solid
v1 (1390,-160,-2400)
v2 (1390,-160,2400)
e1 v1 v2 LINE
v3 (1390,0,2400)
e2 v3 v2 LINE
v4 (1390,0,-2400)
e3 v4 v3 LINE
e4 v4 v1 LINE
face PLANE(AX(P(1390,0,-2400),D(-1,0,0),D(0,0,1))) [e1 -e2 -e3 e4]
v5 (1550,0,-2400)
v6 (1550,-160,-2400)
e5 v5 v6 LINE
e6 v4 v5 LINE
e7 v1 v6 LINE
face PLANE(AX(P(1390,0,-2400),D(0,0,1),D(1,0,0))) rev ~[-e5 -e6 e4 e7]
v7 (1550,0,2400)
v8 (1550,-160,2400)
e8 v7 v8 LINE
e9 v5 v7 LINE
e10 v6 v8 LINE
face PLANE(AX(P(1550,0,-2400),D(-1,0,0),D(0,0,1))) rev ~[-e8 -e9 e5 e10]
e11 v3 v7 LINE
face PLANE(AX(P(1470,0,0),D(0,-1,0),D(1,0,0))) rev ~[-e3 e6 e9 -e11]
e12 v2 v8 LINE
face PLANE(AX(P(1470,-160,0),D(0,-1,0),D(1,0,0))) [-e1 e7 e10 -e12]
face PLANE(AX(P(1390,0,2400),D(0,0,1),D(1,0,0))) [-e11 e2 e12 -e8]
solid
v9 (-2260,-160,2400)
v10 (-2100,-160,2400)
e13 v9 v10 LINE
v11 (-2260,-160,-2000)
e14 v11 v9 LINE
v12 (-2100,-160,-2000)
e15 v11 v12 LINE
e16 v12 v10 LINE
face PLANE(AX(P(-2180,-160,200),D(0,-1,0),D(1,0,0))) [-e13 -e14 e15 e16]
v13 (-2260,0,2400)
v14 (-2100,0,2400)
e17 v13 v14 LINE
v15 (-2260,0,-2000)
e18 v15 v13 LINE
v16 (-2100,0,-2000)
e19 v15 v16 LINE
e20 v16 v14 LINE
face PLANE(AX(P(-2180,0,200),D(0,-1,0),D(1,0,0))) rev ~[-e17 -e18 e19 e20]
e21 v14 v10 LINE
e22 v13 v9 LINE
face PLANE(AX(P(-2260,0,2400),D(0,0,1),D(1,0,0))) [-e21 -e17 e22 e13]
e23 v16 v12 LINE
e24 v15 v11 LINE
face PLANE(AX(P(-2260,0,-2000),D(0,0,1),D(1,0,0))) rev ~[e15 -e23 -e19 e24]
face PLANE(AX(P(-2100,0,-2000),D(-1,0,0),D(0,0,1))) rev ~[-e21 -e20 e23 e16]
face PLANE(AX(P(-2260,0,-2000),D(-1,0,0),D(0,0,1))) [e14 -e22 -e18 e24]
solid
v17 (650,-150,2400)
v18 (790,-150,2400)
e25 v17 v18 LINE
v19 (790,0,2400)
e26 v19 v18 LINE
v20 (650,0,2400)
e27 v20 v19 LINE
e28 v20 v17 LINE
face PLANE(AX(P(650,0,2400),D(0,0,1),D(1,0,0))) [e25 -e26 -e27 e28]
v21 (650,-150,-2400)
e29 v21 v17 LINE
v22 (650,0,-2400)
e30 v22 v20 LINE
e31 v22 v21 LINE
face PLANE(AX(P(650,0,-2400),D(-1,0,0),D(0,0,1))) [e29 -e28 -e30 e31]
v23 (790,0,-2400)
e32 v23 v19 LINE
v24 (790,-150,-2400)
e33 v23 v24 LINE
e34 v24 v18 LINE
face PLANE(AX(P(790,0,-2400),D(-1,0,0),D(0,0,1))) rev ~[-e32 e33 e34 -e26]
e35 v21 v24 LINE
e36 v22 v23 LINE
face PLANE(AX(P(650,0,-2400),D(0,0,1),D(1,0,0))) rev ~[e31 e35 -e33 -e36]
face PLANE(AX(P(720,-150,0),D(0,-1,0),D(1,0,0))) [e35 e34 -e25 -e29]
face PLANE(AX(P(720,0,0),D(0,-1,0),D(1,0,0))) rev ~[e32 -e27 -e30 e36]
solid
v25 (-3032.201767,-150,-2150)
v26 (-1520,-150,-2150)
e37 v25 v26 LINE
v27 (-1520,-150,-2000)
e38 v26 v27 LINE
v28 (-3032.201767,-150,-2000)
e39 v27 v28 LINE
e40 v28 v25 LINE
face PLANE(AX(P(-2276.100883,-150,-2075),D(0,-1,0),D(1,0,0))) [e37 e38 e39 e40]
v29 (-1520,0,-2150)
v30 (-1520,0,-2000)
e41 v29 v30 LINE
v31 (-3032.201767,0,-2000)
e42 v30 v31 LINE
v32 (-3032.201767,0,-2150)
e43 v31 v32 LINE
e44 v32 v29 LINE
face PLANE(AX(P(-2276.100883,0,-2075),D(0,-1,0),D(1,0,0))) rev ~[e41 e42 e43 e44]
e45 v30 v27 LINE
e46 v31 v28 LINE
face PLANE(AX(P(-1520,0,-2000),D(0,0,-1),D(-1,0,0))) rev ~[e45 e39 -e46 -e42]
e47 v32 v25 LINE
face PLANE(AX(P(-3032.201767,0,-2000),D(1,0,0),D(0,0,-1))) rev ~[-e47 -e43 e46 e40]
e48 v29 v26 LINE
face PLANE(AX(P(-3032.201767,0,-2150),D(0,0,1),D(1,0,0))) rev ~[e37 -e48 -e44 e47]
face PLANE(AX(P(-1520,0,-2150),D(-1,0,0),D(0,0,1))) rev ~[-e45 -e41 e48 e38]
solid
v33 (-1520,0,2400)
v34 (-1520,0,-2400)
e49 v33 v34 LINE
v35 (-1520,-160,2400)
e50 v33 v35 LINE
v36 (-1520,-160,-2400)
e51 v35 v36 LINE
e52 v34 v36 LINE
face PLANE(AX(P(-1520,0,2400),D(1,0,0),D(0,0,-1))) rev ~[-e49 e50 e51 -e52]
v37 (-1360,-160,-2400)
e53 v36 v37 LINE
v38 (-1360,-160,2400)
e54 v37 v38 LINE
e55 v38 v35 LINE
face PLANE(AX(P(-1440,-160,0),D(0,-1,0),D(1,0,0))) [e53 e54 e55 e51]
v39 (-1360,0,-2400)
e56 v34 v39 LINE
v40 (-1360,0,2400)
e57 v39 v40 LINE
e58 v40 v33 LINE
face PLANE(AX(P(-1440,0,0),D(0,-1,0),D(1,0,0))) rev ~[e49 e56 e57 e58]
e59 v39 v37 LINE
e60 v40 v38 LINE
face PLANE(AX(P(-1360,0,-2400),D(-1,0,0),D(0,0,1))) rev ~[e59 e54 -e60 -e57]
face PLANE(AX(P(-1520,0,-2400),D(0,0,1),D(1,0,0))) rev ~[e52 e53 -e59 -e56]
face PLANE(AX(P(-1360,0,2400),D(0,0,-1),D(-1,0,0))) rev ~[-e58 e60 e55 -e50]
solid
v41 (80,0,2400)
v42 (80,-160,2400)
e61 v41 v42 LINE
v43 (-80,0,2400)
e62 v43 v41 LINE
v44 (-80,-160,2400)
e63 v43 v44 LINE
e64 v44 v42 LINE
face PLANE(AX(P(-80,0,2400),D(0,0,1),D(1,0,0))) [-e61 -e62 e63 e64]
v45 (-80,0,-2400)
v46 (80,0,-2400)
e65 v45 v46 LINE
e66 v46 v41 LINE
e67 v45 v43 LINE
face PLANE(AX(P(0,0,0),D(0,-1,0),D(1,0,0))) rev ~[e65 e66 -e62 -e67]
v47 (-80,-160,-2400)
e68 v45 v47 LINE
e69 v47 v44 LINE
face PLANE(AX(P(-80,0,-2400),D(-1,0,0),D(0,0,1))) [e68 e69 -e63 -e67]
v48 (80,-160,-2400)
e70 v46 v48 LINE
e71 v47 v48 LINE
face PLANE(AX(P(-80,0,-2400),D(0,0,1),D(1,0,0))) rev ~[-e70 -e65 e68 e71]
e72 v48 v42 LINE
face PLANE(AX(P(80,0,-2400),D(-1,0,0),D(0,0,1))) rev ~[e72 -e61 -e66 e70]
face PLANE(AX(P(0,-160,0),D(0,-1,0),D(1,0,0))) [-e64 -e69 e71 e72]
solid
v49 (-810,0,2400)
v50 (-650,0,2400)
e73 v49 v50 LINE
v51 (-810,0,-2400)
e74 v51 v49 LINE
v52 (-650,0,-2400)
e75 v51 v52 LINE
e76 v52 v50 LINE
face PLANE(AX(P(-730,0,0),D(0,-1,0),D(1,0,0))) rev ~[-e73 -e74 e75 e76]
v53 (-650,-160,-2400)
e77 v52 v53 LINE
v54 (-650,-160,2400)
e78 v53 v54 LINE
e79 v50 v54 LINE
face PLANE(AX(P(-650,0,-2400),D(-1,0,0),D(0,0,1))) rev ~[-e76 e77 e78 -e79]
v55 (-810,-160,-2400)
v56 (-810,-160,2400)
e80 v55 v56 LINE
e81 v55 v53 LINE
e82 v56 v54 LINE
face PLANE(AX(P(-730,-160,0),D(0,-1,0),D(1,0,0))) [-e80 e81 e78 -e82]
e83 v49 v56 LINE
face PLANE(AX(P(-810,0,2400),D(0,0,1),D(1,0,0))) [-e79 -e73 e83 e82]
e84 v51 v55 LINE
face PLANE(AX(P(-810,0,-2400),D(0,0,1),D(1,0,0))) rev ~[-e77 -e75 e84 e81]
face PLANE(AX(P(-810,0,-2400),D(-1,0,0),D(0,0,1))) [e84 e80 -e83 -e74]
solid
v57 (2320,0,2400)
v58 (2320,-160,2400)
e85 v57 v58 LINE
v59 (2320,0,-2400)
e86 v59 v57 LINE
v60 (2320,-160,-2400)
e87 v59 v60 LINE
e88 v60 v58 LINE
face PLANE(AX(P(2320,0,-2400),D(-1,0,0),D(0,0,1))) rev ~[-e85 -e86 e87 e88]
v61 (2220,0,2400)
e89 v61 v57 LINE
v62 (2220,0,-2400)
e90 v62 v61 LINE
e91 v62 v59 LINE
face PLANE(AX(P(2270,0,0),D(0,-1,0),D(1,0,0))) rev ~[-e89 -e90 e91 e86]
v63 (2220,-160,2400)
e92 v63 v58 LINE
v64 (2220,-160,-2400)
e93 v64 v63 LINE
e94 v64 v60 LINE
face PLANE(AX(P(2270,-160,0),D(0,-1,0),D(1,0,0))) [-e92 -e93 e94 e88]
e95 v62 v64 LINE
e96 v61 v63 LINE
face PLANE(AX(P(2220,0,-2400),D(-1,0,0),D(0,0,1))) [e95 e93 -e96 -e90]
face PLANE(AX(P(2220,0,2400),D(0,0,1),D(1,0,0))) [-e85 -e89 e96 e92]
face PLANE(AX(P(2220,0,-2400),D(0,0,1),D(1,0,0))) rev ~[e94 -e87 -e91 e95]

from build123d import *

# Parameters (mm, degrees)
F0_W     = 100
F0_H     = 4800
F0_W_2   = 160
F0_H_2   = 4400
F1_DEPTH = 160
F0_W_3   = 140
F2_DEPTH = 150


with BuildPart() as f1:
    # F0 (on Front) → F1 (new body)
    with BuildSketch(Plane.XZ):
        with Locations((2270, 0)):
            Rectangle(F0_W, F0_H)
        with Locations((1470, 0)):
            Rectangle(F0_W_2, F0_H)
        Rectangle(F0_W_2, F0_H)
        with Locations((-730, 0)):
            Rectangle(F0_W_2, F0_H)
        Polygon((-1360, -2400), (-1360, 2400), (-1520, 2400), (-1520, -2000), (-1520, -2150), (-1520, -2400), align=None)
        with Locations((-2180, 200)):
            Rectangle(F0_W_2, F0_H_2)
    extrude(amount=F1_DEPTH)


with BuildPart() as f2:
    # F0 (on Front) → F2 (new body)
    with BuildSketch(Plane.XZ):
        Polygon((-1520, -2150), (-1520, -2000), (-2100, -2000), (-2260, -2000), (-3032.201767, -2000), (-3032.201767, -2150), align=None)
        with Locations((720, 0)):
            Rectangle(F0_W_3, F0_H)
    extrude(amount=F2_DEPTH)


solid = Compound([f1.part, f2.part])
